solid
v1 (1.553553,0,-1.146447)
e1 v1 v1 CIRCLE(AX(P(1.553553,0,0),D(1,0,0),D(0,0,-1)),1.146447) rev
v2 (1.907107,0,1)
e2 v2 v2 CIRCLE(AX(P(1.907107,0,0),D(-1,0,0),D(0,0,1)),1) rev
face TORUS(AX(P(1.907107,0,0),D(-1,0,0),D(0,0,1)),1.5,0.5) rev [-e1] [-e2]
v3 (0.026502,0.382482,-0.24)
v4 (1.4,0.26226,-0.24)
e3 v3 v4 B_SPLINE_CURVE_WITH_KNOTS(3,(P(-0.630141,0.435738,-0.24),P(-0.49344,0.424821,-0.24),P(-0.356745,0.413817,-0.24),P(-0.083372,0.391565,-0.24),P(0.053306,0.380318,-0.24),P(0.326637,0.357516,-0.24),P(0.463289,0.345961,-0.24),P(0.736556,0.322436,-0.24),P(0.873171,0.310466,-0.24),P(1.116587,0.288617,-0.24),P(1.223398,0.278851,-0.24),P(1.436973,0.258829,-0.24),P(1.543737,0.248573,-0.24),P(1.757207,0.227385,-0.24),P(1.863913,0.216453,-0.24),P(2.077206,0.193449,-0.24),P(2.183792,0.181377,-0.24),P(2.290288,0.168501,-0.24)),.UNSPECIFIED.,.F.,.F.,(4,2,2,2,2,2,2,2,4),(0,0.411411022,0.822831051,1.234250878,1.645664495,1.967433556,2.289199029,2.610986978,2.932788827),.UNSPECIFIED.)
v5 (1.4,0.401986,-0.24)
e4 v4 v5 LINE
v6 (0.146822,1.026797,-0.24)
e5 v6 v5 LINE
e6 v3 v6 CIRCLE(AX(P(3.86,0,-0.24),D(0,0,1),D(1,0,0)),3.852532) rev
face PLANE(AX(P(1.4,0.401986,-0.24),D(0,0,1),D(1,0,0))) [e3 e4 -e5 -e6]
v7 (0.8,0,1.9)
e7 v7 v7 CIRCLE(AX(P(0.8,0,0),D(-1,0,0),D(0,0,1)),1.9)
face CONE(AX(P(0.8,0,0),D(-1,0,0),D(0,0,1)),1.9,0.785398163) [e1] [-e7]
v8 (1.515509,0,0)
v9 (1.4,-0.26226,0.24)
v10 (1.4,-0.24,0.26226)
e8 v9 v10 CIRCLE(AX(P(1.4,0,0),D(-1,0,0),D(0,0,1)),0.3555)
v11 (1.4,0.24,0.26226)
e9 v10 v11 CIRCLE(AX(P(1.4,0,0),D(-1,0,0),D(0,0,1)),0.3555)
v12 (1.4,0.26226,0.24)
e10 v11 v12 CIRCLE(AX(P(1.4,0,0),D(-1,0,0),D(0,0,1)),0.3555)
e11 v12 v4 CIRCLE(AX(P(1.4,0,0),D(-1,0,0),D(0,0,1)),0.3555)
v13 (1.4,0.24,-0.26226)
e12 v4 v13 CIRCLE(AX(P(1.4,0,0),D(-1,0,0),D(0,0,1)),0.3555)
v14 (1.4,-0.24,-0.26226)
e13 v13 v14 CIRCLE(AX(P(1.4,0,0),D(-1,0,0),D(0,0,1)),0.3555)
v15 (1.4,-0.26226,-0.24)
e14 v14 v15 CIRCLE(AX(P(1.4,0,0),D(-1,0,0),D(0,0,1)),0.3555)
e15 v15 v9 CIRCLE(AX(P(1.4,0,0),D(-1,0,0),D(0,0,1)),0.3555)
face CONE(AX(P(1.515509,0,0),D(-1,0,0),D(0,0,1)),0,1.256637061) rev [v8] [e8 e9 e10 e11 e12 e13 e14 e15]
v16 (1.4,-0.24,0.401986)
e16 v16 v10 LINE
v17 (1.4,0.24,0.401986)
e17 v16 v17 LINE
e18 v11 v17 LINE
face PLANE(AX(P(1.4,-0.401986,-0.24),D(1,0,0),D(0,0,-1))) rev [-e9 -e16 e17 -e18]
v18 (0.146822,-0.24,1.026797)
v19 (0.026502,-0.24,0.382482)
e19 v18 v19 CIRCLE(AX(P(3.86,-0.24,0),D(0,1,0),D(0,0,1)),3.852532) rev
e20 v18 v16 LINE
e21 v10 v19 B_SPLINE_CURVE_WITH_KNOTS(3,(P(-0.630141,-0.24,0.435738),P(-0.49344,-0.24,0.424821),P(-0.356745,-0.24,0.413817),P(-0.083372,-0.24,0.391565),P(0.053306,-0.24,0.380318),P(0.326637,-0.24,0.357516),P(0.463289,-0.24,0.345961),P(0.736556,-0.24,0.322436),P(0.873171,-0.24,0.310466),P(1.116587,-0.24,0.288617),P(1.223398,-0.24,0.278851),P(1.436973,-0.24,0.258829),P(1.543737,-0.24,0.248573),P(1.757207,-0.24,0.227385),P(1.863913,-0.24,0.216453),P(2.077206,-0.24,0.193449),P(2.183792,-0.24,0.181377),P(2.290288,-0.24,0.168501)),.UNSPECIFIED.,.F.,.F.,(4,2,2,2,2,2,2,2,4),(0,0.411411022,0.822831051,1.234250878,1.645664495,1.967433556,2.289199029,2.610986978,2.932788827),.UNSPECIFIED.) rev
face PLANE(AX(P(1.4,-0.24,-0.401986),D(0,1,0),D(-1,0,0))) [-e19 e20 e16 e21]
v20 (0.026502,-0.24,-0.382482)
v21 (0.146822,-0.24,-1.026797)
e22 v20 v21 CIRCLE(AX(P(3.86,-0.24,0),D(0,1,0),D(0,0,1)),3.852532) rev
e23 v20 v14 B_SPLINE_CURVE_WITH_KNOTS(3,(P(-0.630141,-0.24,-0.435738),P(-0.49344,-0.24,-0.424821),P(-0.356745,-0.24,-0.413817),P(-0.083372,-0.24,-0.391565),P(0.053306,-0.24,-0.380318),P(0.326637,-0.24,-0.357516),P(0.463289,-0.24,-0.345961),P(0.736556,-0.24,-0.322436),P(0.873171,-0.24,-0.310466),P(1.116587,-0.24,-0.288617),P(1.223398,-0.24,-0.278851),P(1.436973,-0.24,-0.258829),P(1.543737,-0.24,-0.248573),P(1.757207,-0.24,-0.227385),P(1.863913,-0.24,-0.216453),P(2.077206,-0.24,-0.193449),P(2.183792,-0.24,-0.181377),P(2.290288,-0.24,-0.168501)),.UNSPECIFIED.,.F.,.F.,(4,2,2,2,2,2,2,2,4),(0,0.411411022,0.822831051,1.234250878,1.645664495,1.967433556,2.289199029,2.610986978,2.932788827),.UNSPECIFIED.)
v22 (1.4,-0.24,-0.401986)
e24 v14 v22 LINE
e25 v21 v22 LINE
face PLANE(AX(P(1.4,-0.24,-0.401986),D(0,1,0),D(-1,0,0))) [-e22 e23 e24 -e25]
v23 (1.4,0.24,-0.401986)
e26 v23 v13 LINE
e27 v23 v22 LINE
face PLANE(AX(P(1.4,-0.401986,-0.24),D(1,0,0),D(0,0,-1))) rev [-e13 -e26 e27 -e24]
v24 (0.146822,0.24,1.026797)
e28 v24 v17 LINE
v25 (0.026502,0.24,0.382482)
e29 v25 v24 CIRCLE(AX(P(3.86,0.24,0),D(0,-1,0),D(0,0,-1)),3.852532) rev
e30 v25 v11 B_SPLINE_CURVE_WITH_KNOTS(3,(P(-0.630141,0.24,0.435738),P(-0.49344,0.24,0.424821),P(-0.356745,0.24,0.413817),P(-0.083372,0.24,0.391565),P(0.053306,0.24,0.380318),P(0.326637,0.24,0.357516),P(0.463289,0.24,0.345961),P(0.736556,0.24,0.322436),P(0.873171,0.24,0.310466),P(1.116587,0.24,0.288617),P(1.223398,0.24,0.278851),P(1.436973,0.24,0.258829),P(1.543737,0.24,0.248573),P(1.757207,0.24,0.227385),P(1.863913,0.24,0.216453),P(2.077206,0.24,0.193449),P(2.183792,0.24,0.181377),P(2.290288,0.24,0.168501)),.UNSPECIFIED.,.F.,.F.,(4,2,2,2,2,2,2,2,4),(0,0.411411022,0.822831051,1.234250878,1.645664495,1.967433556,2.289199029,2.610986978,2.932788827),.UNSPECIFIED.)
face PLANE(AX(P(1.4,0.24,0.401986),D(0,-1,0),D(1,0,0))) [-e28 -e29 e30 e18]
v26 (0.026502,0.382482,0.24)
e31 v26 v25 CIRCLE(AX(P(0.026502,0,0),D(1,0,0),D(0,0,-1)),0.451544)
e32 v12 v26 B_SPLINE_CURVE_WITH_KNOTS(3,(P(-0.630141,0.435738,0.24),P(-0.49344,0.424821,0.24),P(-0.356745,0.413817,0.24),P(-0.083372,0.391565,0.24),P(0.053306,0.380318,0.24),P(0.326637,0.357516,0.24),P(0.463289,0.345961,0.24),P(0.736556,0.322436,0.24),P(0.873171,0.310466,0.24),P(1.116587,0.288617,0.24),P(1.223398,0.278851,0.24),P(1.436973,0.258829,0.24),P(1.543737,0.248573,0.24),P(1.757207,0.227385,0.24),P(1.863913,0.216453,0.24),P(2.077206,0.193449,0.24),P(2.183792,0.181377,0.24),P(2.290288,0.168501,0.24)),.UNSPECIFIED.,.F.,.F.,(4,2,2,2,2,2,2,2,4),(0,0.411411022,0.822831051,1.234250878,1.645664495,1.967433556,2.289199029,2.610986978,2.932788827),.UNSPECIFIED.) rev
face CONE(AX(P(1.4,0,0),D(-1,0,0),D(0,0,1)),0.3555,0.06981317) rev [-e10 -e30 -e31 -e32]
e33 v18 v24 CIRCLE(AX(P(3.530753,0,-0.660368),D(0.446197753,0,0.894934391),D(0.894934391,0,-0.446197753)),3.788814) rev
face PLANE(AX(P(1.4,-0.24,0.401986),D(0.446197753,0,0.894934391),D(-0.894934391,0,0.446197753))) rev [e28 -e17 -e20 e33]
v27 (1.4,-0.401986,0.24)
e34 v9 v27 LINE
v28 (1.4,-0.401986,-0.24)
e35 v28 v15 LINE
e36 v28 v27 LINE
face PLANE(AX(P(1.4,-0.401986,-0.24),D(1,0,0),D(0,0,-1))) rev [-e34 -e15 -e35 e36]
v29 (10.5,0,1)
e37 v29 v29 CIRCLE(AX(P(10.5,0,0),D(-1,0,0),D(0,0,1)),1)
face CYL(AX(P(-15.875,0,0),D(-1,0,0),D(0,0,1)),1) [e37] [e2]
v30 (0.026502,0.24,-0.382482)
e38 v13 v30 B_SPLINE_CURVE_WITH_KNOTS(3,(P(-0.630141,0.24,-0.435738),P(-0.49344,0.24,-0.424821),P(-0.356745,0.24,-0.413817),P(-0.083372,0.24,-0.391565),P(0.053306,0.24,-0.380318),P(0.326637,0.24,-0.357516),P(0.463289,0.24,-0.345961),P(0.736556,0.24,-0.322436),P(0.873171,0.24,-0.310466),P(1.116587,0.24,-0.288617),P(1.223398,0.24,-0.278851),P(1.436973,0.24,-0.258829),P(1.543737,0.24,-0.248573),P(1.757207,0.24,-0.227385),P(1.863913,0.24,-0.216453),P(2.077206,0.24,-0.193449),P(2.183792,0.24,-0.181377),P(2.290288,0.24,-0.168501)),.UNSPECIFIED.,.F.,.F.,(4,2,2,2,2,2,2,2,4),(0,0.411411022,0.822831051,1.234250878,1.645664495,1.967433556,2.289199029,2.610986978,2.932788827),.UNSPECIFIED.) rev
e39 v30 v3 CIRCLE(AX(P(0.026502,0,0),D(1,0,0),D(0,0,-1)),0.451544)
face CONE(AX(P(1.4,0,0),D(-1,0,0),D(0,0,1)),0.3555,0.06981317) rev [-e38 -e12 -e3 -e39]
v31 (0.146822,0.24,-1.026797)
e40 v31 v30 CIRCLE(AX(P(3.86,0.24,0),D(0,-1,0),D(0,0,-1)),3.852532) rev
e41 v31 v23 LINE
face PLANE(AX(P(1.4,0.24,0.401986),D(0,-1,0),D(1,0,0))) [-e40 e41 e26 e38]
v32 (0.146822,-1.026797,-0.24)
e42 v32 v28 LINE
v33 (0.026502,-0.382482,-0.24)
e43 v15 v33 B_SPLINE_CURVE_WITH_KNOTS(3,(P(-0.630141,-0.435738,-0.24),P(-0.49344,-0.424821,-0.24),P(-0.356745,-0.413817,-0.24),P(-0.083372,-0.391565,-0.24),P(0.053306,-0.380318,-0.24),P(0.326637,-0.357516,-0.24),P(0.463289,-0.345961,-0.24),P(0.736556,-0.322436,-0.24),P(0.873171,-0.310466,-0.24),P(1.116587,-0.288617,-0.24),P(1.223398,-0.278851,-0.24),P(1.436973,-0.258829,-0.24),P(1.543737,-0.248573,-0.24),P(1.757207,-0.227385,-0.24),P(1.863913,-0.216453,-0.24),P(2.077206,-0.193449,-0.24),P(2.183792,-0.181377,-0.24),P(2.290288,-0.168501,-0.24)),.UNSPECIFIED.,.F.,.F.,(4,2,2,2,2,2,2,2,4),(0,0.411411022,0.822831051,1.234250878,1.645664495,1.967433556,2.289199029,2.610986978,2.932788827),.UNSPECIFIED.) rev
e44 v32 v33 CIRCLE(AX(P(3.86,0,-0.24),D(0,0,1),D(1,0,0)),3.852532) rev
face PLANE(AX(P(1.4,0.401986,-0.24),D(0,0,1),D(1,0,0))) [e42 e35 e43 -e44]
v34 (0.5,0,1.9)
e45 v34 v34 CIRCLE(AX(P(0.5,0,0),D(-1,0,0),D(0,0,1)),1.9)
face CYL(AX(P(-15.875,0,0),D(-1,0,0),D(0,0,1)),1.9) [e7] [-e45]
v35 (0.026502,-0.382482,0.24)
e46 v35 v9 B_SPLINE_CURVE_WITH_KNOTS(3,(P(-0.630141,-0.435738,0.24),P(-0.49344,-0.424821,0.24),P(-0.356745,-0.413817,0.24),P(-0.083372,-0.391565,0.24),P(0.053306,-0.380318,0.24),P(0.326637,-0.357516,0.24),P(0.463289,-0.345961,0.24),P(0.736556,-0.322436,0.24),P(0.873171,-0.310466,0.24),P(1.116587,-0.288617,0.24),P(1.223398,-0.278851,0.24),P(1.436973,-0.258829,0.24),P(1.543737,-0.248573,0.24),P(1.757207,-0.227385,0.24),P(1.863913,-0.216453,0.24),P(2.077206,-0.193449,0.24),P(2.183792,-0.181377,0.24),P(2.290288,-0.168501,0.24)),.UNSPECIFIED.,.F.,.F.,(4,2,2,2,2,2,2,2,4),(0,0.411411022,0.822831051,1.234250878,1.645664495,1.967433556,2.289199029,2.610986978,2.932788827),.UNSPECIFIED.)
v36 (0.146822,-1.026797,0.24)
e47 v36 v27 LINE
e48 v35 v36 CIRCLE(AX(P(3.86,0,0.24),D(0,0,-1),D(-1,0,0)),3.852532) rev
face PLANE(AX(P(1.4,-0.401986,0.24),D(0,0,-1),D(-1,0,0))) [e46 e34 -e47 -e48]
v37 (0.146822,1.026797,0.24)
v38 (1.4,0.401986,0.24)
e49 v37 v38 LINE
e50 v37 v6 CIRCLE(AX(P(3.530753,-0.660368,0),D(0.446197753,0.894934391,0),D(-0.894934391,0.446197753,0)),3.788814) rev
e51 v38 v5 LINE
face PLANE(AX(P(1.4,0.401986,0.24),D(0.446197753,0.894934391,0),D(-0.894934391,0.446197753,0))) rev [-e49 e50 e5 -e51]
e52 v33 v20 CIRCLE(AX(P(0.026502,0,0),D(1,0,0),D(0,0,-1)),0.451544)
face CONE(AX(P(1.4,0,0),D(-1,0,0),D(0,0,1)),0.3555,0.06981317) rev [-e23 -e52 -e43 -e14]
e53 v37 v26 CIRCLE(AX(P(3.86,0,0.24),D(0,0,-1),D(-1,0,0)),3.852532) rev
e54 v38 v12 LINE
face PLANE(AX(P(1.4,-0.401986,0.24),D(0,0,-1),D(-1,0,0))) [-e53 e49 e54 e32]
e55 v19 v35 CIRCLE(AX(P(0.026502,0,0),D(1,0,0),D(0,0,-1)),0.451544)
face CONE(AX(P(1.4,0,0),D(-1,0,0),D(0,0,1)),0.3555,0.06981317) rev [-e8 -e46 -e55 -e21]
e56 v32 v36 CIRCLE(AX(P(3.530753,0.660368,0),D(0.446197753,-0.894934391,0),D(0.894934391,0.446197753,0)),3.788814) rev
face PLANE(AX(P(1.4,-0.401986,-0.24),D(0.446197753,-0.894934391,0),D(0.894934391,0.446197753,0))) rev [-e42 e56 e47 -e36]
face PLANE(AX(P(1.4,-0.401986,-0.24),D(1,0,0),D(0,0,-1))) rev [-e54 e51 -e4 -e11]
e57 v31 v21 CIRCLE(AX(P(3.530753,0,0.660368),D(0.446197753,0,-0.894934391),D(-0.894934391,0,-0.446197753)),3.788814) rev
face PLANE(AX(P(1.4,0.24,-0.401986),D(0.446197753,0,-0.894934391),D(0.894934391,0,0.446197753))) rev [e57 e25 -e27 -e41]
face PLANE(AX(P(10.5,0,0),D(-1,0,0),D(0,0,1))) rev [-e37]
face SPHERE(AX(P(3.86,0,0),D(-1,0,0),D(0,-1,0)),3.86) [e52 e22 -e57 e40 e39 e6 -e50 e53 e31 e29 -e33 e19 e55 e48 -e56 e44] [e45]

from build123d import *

# Parameters (mm, degrees)
FILLET1_R    = 0.5
RECPAT_COUNT = 2
RECPAT_ANGLE = 90


with BuildPart() as part:
    # BodySke → Base-Revolve (revolve)
    with BuildSketch(Plane.XY, mode=Mode.PRIVATE) as base_revolve_sk:
        with BuildLine():
            Line((0, 0), (10.5, 0))
            Line((10.5, 0), (10.5, 1))
            Line((10.5, 1), (1.7, 1))
            Line((1.7, 1), (0.8, 1.9))
            Line((0.8, 1.9), (0.5, 1.9))
            ThreePointArc((0.5, 1.9), (0.127092286, 0.982344135), (0, 0))
        make_face()
    revolve(base_revolve_sk.sketch.rotate(Axis((-15.875, 0, 0), (1, 0, 0)), 90), axis=Axis((-15.875, 0, 0), (1, 0, 0)))

    # Fillet1
    fillet1_edges = [part.edges().sort_by_distance(p)[0] for p in [
        (1.7, 0, -1),
    ]]
    fillet(fillet1_edges, radius=FILLET1_R)

    # Sketch3 → Recess section 0
    with BuildSketch(Plane(origin=(0, 0, 0), x_dir=(0, 0, -1), z_dir=(1, 0, 0))):
        with BuildLine():
            Line((0.24, -1.1), (-0.24, -1.1))
            Line((-0.24, -1.1), (-0.24, 1.1))
            Line((-0.24, 1.1), (0.24, 1.1))
            Line((0.24, 1.1), (0.24, -1.1))
        make_face()
    # Sketch4 → Recess section 1
    with BuildSketch(Plane(origin=(1.4, 0, 0), x_dir=(0, 0, -1), z_dir=(1, 0, 0))):
        with BuildLine():
            Line((0.24, -0.401985865), (-0.24, -0.401985865))
            Line((-0.24, -0.401985865), (-0.24, 0.401985865))
            Line((-0.24, 0.401985865), (0.24, 0.401985865))
            Line((0.24, 0.401985865), (0.24, -0.401985865))
        make_face()
    recess = loft(mode=Mode.SUBTRACT)

    # RecPat: Recess ×2 about axis
    recpat_axis = Axis((0, 0, 0), (1, 0, 0))
    for i in range(1, RECPAT_COUNT):
        add(recess.rotate(recpat_axis, i * RECPAT_ANGLE / (RECPAT_COUNT - 1)), mode=Mode.SUBTRACT)

    # RecCorSke → RecessCore (revolve, cut)
    with BuildSketch(Plane.XY, mode=Mode.PRIVATE) as recesscore_sk:
        Polygon((0, 0), (0, 0.453397537), (1.4, 0.3555), (1.515508952, 0), align=None)
    revolve(recesscore_sk.sketch.rotate(Axis((-3.175, 0, 0), (1, 0, 0)), 90), axis=Axis((-3.175, 0, 0), (1, 0, 0)), mode=Mode.SUBTRACT)


solid = part.part
